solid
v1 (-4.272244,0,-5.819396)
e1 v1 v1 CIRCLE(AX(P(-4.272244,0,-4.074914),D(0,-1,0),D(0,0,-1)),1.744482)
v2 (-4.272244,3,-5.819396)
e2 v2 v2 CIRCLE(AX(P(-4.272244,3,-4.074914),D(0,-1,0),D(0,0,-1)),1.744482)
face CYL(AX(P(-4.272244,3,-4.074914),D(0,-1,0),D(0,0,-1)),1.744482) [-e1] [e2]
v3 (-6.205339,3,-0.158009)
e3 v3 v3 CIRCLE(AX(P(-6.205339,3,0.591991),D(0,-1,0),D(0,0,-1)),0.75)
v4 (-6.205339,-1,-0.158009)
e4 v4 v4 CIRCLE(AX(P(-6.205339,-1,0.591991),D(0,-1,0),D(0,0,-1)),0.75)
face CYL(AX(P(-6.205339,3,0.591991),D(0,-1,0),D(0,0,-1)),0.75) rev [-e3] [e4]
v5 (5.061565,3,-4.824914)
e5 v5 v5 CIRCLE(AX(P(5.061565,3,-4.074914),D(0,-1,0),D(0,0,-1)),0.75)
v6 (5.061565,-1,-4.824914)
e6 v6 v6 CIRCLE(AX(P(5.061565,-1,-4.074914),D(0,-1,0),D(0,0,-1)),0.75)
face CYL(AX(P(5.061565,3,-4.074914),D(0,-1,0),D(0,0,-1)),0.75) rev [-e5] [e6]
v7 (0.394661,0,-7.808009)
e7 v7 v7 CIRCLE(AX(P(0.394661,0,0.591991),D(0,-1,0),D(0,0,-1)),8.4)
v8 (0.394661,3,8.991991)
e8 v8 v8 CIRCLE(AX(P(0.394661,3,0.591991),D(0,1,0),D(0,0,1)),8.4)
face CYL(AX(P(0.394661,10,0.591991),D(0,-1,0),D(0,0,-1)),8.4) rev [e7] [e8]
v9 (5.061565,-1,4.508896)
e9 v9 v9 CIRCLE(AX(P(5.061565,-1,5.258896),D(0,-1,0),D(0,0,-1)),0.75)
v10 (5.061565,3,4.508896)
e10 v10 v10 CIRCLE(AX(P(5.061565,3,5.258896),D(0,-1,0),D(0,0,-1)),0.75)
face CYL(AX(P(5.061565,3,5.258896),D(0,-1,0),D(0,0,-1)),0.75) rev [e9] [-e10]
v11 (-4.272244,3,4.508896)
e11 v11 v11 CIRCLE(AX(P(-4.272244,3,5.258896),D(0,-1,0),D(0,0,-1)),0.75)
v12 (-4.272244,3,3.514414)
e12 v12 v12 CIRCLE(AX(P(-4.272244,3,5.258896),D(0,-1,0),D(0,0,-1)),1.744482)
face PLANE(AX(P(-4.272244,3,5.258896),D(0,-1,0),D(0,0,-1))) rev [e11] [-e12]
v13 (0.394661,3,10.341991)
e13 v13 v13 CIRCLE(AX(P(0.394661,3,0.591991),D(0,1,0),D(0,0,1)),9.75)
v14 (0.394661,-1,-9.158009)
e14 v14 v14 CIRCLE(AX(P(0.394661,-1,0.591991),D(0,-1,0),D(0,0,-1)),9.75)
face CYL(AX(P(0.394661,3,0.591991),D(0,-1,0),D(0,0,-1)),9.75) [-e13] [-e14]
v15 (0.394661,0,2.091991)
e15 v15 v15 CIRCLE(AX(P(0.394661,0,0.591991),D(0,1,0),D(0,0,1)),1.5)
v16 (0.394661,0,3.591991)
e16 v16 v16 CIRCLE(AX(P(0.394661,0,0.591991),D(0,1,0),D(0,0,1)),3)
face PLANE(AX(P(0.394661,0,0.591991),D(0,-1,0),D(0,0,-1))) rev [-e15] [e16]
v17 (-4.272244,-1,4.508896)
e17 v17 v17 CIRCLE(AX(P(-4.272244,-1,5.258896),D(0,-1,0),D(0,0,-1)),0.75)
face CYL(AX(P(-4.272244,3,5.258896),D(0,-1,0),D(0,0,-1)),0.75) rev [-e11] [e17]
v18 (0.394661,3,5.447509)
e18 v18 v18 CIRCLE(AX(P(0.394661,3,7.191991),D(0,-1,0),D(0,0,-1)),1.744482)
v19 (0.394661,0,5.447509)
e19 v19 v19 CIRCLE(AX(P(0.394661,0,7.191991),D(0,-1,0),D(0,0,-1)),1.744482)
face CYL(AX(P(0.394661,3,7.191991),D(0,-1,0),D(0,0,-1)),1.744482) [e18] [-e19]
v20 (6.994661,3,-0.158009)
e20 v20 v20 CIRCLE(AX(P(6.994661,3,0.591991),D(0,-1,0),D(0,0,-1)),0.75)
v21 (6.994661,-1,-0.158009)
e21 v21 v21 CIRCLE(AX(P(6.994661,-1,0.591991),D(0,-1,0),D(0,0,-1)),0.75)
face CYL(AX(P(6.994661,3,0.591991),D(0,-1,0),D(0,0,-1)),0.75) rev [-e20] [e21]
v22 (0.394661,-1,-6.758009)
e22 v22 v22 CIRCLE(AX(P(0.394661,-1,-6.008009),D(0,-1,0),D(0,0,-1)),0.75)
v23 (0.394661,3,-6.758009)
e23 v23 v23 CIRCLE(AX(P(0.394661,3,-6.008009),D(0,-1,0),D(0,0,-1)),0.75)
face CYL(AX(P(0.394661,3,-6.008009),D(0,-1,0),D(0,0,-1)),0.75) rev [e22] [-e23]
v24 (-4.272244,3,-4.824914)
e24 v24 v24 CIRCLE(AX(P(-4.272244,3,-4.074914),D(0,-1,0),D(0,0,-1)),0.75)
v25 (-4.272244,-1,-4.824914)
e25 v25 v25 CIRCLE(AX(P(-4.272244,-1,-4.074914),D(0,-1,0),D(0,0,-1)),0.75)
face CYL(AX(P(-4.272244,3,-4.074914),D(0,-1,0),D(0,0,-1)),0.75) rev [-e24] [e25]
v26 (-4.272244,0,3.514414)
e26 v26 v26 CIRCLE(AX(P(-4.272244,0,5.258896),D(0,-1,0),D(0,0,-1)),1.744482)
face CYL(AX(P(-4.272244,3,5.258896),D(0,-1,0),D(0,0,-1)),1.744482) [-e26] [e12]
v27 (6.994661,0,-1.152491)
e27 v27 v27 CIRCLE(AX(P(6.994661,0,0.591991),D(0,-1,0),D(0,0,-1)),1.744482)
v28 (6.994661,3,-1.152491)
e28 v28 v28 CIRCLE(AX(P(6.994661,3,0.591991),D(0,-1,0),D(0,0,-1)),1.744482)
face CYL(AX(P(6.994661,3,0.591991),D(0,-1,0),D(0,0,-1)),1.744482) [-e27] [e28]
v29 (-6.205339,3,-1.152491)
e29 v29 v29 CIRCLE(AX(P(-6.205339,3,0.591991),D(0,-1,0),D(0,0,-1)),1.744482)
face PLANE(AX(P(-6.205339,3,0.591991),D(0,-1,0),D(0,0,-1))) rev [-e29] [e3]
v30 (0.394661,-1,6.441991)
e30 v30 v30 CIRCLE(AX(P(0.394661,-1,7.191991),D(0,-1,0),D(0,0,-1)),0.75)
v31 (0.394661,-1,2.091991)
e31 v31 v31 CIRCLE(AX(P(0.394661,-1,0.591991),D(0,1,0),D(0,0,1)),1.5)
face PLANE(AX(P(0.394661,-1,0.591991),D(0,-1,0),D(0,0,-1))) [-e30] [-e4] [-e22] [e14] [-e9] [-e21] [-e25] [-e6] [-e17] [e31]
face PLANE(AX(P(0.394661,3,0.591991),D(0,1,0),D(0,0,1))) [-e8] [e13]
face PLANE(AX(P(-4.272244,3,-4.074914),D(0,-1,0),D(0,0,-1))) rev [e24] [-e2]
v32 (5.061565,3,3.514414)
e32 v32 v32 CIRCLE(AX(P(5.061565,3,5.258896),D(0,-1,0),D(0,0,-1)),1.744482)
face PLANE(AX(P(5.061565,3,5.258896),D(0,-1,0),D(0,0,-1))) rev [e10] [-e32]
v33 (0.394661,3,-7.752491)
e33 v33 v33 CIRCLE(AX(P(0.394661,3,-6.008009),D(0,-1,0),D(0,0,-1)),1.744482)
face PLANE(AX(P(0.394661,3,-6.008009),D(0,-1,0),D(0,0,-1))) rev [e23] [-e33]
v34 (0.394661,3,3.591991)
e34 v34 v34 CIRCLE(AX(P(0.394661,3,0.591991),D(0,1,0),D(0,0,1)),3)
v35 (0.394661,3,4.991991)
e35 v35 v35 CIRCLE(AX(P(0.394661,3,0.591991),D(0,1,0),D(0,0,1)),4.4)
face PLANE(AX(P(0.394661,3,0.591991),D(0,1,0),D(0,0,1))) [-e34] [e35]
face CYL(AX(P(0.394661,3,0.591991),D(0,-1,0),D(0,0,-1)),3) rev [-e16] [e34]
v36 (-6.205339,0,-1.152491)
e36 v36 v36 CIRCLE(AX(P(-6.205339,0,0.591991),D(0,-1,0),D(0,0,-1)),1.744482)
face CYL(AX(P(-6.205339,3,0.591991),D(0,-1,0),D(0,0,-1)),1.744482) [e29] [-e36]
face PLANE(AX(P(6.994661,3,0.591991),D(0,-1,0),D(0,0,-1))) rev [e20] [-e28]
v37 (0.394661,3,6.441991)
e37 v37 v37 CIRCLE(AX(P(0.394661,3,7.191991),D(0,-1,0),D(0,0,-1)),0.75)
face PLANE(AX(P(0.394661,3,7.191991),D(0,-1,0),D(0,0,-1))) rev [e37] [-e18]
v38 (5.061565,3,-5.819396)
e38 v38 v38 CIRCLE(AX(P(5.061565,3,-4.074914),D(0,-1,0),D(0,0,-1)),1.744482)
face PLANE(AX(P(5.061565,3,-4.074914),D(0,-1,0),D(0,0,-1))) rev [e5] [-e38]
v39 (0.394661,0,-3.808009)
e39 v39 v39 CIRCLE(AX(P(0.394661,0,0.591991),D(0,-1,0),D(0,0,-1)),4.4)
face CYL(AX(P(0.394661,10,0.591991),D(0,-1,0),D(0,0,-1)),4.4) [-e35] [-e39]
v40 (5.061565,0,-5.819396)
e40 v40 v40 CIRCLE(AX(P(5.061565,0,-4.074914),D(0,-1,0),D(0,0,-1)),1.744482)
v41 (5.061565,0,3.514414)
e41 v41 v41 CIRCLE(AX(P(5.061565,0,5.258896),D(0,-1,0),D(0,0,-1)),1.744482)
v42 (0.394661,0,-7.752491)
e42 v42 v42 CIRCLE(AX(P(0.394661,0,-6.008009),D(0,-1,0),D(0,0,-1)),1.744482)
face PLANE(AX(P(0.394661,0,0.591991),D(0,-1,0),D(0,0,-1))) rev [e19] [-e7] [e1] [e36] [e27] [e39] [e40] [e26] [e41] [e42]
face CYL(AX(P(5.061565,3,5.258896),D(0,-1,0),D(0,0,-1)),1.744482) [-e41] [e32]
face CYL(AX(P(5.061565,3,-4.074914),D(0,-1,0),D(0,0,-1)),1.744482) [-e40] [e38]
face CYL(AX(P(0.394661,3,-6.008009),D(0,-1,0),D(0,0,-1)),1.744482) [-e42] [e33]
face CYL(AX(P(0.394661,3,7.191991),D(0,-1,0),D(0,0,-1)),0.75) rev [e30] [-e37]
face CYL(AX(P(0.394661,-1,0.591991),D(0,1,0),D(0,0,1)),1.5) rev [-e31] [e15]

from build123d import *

# Parameters (mm, degrees)
SKETCH_1_R          = 9.75
EXTRUDE_1_DEPTH     = 3
SKETCH_2_R          = 9.75
EXTRUDE_2_DEPTH     = 1
SKETCH_4_R          = 1.5
CUT_EXTRUDE_4_DEPTH = 1
SKETCH_5_R          = 8.4
SKETCH_5_R_2        = 4.4
CUT_EXTRUDE_5_DEPTH = 10
SKETCH_6_R          = 1.744482362
SKETCH_6_R_2        = 0.75
EXTRUDE_3_DEPTH     = 3
SKETCH_7_R          = 0.75
SKETCH_7_R_2        = 1.5
CUT_EXTRUDE_6_DEPTH = 3
SKETCH_8_R          = 4
CUT_EXTRUDE_7_DEPTH = 3
SKETCH_9_R          = 4
SKETCH_9_R_2        = 3
EXTRUDE_4_DEPTH     = 3


with BuildPart() as part:
    # 草图1 → 凸台-拉伸1 (new body)
    with BuildSketch(Plane(origin=(0, 0, 0), x_dir=(1, 0, 0), z_dir=(0, 1, 0))):
        with Locations((0.394660743, -0.591991115)):
            Circle(SKETCH_1_R)
        with BuildLine():
            ThreePointArc((-0.026116093, 2.25205035), (-0.201664975, 2.520045602), (-0.42818362, 2.746602811))
            ThreePointArc((-0.42818362, 2.746602811), (-0.460459434, 2.738482084), (-0.492655135, 2.73004934))
            ThreePointArc((-0.492655135, 2.73004934), (-0.582010169, 2.422389555), (-0.606737129, 2.102972206))
            ThreePointArc((-0.606737129, 2.102972206), (-0.663697346, 2.081116282), (-0.720180966, 2.058056613))
            ThreePointArc((-0.720180966, 2.058056613), (-0.956862366, 2.27397507), (-1.232606998, 2.437081672))
            ThreePointArc((-1.232606998, 2.437081672), (-1.261849265, 2.421189404), (-1.290936341, 2.405014844))
            ThreePointArc((-1.290936341, 2.405014844), (-1.300972245, 2.084799064), (-1.245486498, 1.769267453))
            ThreePointArc((-1.245486498, 1.769267453), (-1.295221857, 1.733932744), (-1.344196234, 1.697550632))
            ThreePointArc((-1.344196234, 1.697550632), (-1.62713859, 1.847825343), (-1.934783159, 1.937232749))
            ThreePointArc((-1.934783159, 1.937232749), (-1.95915448, 1.91456751), (-1.983305283, 1.891667442))
            ThreePointArc((-1.983305283, 1.891667442), (-1.913391464, 1.579016002), (-1.781179383, 1.287196141))
            ThreePointArc((-1.781179383, 1.287196141), (-1.82056483, 1.240602855), (-1.858952723, 1.193184322))
            ThreePointArc((-1.858952723, 1.193184322), (-2.170377725, 1.268372974), (-2.490591793, 1.278463389))
            ThreePointArc((-2.490591793, 1.278463389), (-2.508560828, 1.250449319), (-2.526257873, 1.222262639))
            ThreePointArc((-2.526257873, 1.222262639), (-2.380787274, 0.936820578), (-2.180156231, 0.687048582))
            ThreePointArc((-2.180156231, 0.687048582), (-2.206717032, 0.632124348), (-2.23210639, 0.576648875))
            ThreePointArc((-2.23210639, 0.576648875), (-2.552446061, 0.572027088), (-2.865109398, 0.502166494))
            ThreePointArc((-2.865109398, 0.502166494), (-2.875547088, 0.47056382), (-2.885678405, 0.4388616))
            ThreePointArc((-2.885678405, 0.4388616), (-2.673791479, 0.198564293), (-2.417347859, 0.006534255))
            ThreePointArc((-2.417347859, 0.006534255), (-2.429415102, -0.053269836), (-2.440210618, -0.113316522))
            ThreePointArc((-2.440210618, -0.113316522), (-2.749336837, -0.197458343), (-3.034803657, -0.342880348))
            ThreePointArc((-3.034803657, -0.342880348), (-3.037054162, -0.376085914), (-3.038983164, -0.409311707))
            ThreePointArc((-3.038983164, -0.409311707), (-2.773993545, -0.589365496), (-2.477850645, -0.711587622))
            ThreePointArc((-2.477850645, -0.711587622), (-2.474666101, -0.772513859), (-2.470189451, -0.833358803))
            ThreePointArc((-2.470189451, -0.833358803), (-2.748678682, -0.991733719), (-2.989012055, -1.203579736))
            ThreePointArc((-2.989012055, -1.203579736), (-2.982933968, -1.236301765), (-2.976539448, -1.268963432))
            ThreePointArc((-2.976539448, -1.268963432), (-2.675097409, -1.377460262), (-2.357862976, -1.422194811))
            ThreePointArc((-2.357862976, -1.422194811), (-2.339626741, -1.480414974), (-2.320159211, -1.538235065))
            ThreePointArc((-2.320159211, -1.538235065), (-2.550512951, -1.760891797), (-2.730611847, -2.025850761))
            ThreePointArc((-2.730611847, -2.025850761), (-2.716587076, -2.056033209), (-2.702270826, -2.086078497))
            ThreePointArc((-2.702270826, -2.086078497), (-2.383317078, -2.116201113), (-2.064924118, -2.080637248))
            ThreePointArc((-2.064924118, -2.080637248), (-2.032782042, -2.132493151), (-1.999546849, -2.18365534))
            ThreePointArc((-1.999546849, -2.18365534), (-2.167291125, -2.456603546), (-2.275839268, -2.758027112))
            ThreePointArc((-2.275839268, -2.758027112), (-2.254749042, -2.783773504), (-2.233410603, -2.809314557))
            ThreePointArc((-2.233410603, -2.809314557), (-1.916986184, -2.759170244), (-1.617440498, -2.645542574))
            ThreePointArc((-1.617440498, -2.645542574), (-1.573412186, -2.687775919), (-1.528497619, -2.729065497))
            ThreePointArc((-1.528497619, -2.729065497), (-1.623092441, -3.035154839), (-1.653269352, -3.354103454))
            ThreePointArc((-1.653269352, -3.354103454), (-1.626438847, -3.37379605), (-1.599418993, -3.393228031))
            ThreePointArc((-1.599418993, -3.393228031), (-1.305406012, -3.26596754), (-1.043529157, -3.081415709))
            ThreePointArc((-1.043529157, -3.081415709), (-0.99038107, -3.11137282), (-0.936609275, -3.140195412))
            ThreePointArc((-0.936609275, -3.140195412), (-0.952110903, -3.460193169), (-0.902020456, -3.77662612))
            ThreePointArc((-0.902020456, -3.77662612), (-0.871135531, -3.789027562), (-0.840132018, -3.801129486))
            ThreePointArc((-0.840132018, -3.801129486), (-0.587004393, -3.604749063), (-0.379251055, -3.360869142))
            ThreePointArc((-0.379251055, -3.360869142), (-0.320322682, -3.376667703), (-0.261072341, -3.391212279))
            ThreePointArc((-0.261072341, -3.391212279), (-0.19650675, -3.705011816), (-0.069296312, -3.999046457))
            ThreePointArc((-0.069296312, -3.999046457), (-0.03629758, -4.003377516), (-0.003258474, -4.007388976))
            ThreePointArc((-0.003258474, -4.007388976), (0.193078856, -3.754227924), (0.333654771, -3.466343785))
            ThreePointArc((0.333654771, -3.466343785), (0.394660743, -3.466991115), (0.455666715, -3.466343785))
            ThreePointArc((0.455666715, -3.466343785), (0.596242631, -3.754227924), (0.792579961, -4.007388976))
            ThreePointArc((0.792579961, -4.007388976), (0.825619067, -4.003377516), (0.858617799, -3.999046457))
            ThreePointArc((0.858617799, -3.999046457), (0.985828237, -3.705011816), (1.050393827, -3.391212279))
            ThreePointArc((1.050393827, -3.391212279), (1.109644169, -3.376667703), (1.168572542, -3.360869142))
            ThreePointArc((1.168572542, -3.360869142), (1.37632588, -3.604749063), (1.629453505, -3.801129486))
            ThreePointArc((1.629453505, -3.801129486), (1.660457018, -3.789027562), (1.691341943, -3.77662612))
            ThreePointArc((1.691341943, -3.77662612), (1.74143239, -3.460193169), (1.725930762, -3.140195412))
            ThreePointArc((1.725930762, -3.140195412), (1.779702556, -3.11137282), (1.832850644, -3.081415709))
            ThreePointArc((1.832850644, -3.081415709), (2.094727499, -3.26596754), (2.388740479, -3.393228031))
            ThreePointArc((2.388740479, -3.393228031), (2.415760333, -3.37379605), (2.442590839, -3.354103454))
            ThreePointArc((2.442590839, -3.354103454), (2.412413927, -3.035154839), (2.317819105, -2.729065497))
            ThreePointArc((2.317819105, -2.729065497), (2.362733673, -2.687775919), (2.406761985, -2.645542574))
            ThreePointArc((2.406761985, -2.645542574), (2.706307671, -2.759170244), (3.02273209, -2.809314557))
            ThreePointArc((3.02273209, -2.809314557), (3.044070529, -2.783773504), (3.065160755, -2.758027112))
            ThreePointArc((3.065160755, -2.758027112), (2.956612612, -2.456603546), (2.788868336, -2.18365534))
            ThreePointArc((2.788868336, -2.18365534), (2.822103529, -2.132493151), (2.854245605, -2.080637248))
            ThreePointArc((2.854245605, -2.080637248), (3.172638565, -2.116201113), (3.491592313, -2.086078497))
            ThreePointArc((3.491592313, -2.086078497), (3.505908563, -2.056033209), (3.519933334, -2.025850761))
            ThreePointArc((3.519933334, -2.025850761), (3.339834438, -1.760891797), (3.109480698, -1.538235065))
            ThreePointArc((3.109480698, -1.538235065), (3.128948228, -1.480414974), (3.147184462, -1.422194811))
            ThreePointArc((3.147184462, -1.422194811), (3.464418895, -1.377460262), (3.765860935, -1.268963432))
            ThreePointArc((3.765860935, -1.268963432), (3.772255455, -1.236301765), (3.778333542, -1.203579736))
            ThreePointArc((3.778333542, -1.203579736), (3.538000169, -0.991733719), (3.259510938, -0.833358803))
            ThreePointArc((3.259510938, -0.833358803), (3.263987588, -0.772513859), (3.267172132, -0.711587622))
            ThreePointArc((3.267172132, -0.711587622), (3.563315032, -0.589365496), (3.828304651, -0.409311707))
            ThreePointArc((3.828304651, -0.409311707), (3.826375649, -0.376085914), (3.824125144, -0.342880348))
            ThreePointArc((3.824125144, -0.342880348), (3.538658323, -0.197458343), (3.229532104, -0.113316522))
            ThreePointArc((3.229532104, -0.113316522), (3.218736589, -0.053269836), (3.206669346, 0.006534255))
            ThreePointArc((3.206669346, 0.006534255), (3.463112965, 0.198564293), (3.674999892, 0.4388616))
            ThreePointArc((3.674999892, 0.4388616), (3.664868575, 0.47056382), (3.654430885, 0.502166494))
            ThreePointArc((3.654430885, 0.502166494), (3.341767547, 0.572027088), (3.021427877, 0.576648875))
            ThreePointArc((3.021427877, 0.576648875), (2.996038519, 0.632124348), (2.969477718, 0.687048582))
            ThreePointArc((2.969477718, 0.687048582), (3.170108761, 0.936820578), (3.31557936, 1.222262639))
            ThreePointArc((3.31557936, 1.222262639), (3.297882315, 1.250449319), (3.279913279, 1.278463389))
            ThreePointArc((3.279913279, 1.278463389), (2.959699212, 1.268372974), (2.64827421, 1.193184322))
            ThreePointArc((2.64827421, 1.193184322), (2.609886316, 1.240602855), (2.57050087, 1.287196141))
            ThreePointArc((2.57050087, 1.287196141), (2.702712951, 1.579016002), (2.772626769, 1.891667442))
            ThreePointArc((2.772626769, 1.891667442), (2.748475967, 1.91456751), (2.724104646, 1.937232749))
            ThreePointArc((2.724104646, 1.937232749), (2.416460076, 1.847825343), (2.133517721, 1.697550632))
            ThreePointArc((2.133517721, 1.697550632), (2.084543344, 1.733932744), (2.034807985, 1.769267453))
            ThreePointArc((2.034807985, 1.769267453), (2.090293731, 2.084799064), (2.080257828, 2.405014844))
            ThreePointArc((2.080257828, 2.405014844), (2.051170752, 2.421189404), (2.021928485, 2.437081672))
            ThreePointArc((2.021928485, 2.437081672), (1.746183853, 2.27397507), (1.509502453, 2.058056613))
            ThreePointArc((1.509502453, 2.058056613), (1.453018832, 2.081116282), (1.396058616, 2.102972206))
            ThreePointArc((1.396058616, 2.102972206), (1.371331655, 2.422389555), (1.281976622, 2.73004934))
            ThreePointArc((1.281976622, 2.73004934), (1.24978092, 2.738482084), (1.217505107, 2.746602811))
            ThreePointArc((1.217505107, 2.746602811), (0.990986462, 2.520045602), (0.81543758, 2.25205035))
            ThreePointArc((0.81543758, 2.25205035), (0.75499379, 2.260338651), (0.694387736, 2.267342501))
            ThreePointArc((0.694387736, 2.267342501), (0.591001754, 2.570575422), (0.427942096, 2.846347815))
            ThreePointArc((0.427942096, 2.846347815), (0.394660743, 2.846508885), (0.361379391, 2.846347815))
            ThreePointArc((0.361379391, 2.846347815), (0.198319733, 2.570575422), (0.094933751, 2.267342501))
            ThreePointArc((0.094933751, 2.267342501), (0.034327697, 2.260338651), (-0.026116093, 2.25205035))
        make_face(mode=Mode.SUBTRACT)
    extrude(amount=EXTRUDE_1_DEPTH)

    # 草图2 → 凸台-拉伸2 (add)
    with BuildSketch(Plane(origin=(0, 0, 0), x_dir=(-1, 0, 0), z_dir=(0, -1, 0))):
        with Locations((-0.394660743, -0.591991115)):
            Circle(SKETCH_2_R)
    extrude(amount=EXTRUDE_2_DEPTH)

    # 草图4 → 切除-拉伸4 (cut)
    with BuildSketch(Plane(origin=(0, 0, 0), x_dir=(1, 0, 0), z_dir=(0, 1, 0))):
        with Locations((0.394660743, -0.591991115)):
            Circle(SKETCH_4_R)
    extrude(amount=-CUT_EXTRUDE_4_DEPTH, mode=Mode.SUBTRACT)

    # 草图5 → 切除-拉伸5 (cut)
    with BuildSketch(Plane(origin=(0, 0, 0), x_dir=(-1, 0, 0), z_dir=(0, -1, 0))):
        with Locations((-0.394660743, -0.591991115)):
            Circle(SKETCH_5_R)
        with Locations((-0.394660743, -0.591991115)):
            Circle(SKETCH_5_R_2, mode=Mode.SUBTRACT)
    extrude(amount=-CUT_EXTRUDE_5_DEPTH, mode=Mode.SUBTRACT)

    # 草图6 → 凸台-拉伸3 (add)
    with BuildSketch(Plane(origin=(0, 0, 0), x_dir=(-1, 0, 0), z_dir=(0, -1, 0))):
        with Locations((-0.394660743, 6.008008885)):
            Circle(SKETCH_6_R)
        with Locations((-0.394660743, 6.008008885)):
            Circle(SKETCH_6_R_2, mode=Mode.SUBTRACT)
        with Locations((4.272244012, 4.074913641)):
            Circle(SKETCH_6_R)
        with Locations((4.272244012, 4.074913641)):
            Circle(SKETCH_6_R_2, mode=Mode.SUBTRACT)
        with Locations((6.205339257, -0.591991115)):
            Circle(SKETCH_6_R)
        with Locations((6.205339257, -0.591991115)):
            Circle(SKETCH_6_R_2, mode=Mode.SUBTRACT)
        with Locations((4.272244012, -5.258895871)):
            Circle(SKETCH_6_R)
        with Locations((4.272244012, -5.258895871)):
            Circle(SKETCH_6_R_2, mode=Mode.SUBTRACT)
        with Locations((-0.394660743, -7.191991115)):
            Circle(SKETCH_6_R)
        with Locations((-0.394660743, -7.191991115)):
            Circle(SKETCH_6_R_2, mode=Mode.SUBTRACT)
        with Locations((-5.061565499, -5.258895871)):
            Circle(SKETCH_6_R)
        with Locations((-5.061565499, -5.258895871)):
            Circle(SKETCH_6_R_2, mode=Mode.SUBTRACT)
        with Locations((-6.994660743, -0.591991115)):
            Circle(SKETCH_6_R)
        with Locations((-6.994660743, -0.591991115)):
            Circle(SKETCH_6_R_2, mode=Mode.SUBTRACT)
        with Locations((-5.061565499, 4.074913641)):
            Circle(SKETCH_6_R)
        with Locations((-5.061565499, 4.074913641)):
            Circle(SKETCH_6_R_2, mode=Mode.SUBTRACT)
    extrude(amount=-EXTRUDE_3_DEPTH)

    # 草图7 → 切除-拉伸6 (cut)
    with BuildSketch(Plane(origin=(0, -1, 0), x_dir=(-1, 0, 0), z_dir=(0, -1, 0))):
        with Locations((-0.394660743, 6.008008885)):
            Circle(SKETCH_7_R)
        with Locations((-0.394660743, -0.591991115)):
            Circle(SKETCH_7_R_2)
        with Locations((4.272244012, 4.074913641)):
            Circle(SKETCH_7_R)
        with Locations((6.205339257, -0.591991115)):
            Circle(SKETCH_7_R)
        with Locations((4.272244012, -5.258895871)):
            Circle(SKETCH_7_R)
        with Locations((-0.394660743, -7.191991115)):
            Circle(SKETCH_7_R)
        with Locations((-5.061565499, -5.258895871)):
            Circle(SKETCH_7_R)
        with Locations((-6.994660743, -0.591991115)):
            Circle(SKETCH_7_R)
        with Locations((-5.061565499, 4.074913641)):
            Circle(SKETCH_7_R)
    extrude(amount=-CUT_EXTRUDE_6_DEPTH, mode=Mode.SUBTRACT)

    # 草图8 → 切除-拉伸7 (cut)
    with BuildSketch(Plane(origin=(0, 3, 0), x_dir=(1, 0, 0), z_dir=(0, 1, 0))):
        with Locations((0.394660743, -0.591991115)):
            Circle(SKETCH_8_R)
    extrude(amount=-CUT_EXTRUDE_7_DEPTH, mode=Mode.SUBTRACT)

    # 草图9 → 凸台-拉伸4 (add)
    with BuildSketch(Plane(origin=(0, 0, 0), x_dir=(1, 0, 0), z_dir=(0, 1, 0))):
        with Locations((0.394660743, -0.591991115)):
            Circle(SKETCH_9_R)
        with Locations((0.394660743, -0.591991115)):
            Circle(SKETCH_9_R_2, mode=Mode.SUBTRACT)
    extrude(amount=EXTRUDE_4_DEPTH)


solid = part.part
